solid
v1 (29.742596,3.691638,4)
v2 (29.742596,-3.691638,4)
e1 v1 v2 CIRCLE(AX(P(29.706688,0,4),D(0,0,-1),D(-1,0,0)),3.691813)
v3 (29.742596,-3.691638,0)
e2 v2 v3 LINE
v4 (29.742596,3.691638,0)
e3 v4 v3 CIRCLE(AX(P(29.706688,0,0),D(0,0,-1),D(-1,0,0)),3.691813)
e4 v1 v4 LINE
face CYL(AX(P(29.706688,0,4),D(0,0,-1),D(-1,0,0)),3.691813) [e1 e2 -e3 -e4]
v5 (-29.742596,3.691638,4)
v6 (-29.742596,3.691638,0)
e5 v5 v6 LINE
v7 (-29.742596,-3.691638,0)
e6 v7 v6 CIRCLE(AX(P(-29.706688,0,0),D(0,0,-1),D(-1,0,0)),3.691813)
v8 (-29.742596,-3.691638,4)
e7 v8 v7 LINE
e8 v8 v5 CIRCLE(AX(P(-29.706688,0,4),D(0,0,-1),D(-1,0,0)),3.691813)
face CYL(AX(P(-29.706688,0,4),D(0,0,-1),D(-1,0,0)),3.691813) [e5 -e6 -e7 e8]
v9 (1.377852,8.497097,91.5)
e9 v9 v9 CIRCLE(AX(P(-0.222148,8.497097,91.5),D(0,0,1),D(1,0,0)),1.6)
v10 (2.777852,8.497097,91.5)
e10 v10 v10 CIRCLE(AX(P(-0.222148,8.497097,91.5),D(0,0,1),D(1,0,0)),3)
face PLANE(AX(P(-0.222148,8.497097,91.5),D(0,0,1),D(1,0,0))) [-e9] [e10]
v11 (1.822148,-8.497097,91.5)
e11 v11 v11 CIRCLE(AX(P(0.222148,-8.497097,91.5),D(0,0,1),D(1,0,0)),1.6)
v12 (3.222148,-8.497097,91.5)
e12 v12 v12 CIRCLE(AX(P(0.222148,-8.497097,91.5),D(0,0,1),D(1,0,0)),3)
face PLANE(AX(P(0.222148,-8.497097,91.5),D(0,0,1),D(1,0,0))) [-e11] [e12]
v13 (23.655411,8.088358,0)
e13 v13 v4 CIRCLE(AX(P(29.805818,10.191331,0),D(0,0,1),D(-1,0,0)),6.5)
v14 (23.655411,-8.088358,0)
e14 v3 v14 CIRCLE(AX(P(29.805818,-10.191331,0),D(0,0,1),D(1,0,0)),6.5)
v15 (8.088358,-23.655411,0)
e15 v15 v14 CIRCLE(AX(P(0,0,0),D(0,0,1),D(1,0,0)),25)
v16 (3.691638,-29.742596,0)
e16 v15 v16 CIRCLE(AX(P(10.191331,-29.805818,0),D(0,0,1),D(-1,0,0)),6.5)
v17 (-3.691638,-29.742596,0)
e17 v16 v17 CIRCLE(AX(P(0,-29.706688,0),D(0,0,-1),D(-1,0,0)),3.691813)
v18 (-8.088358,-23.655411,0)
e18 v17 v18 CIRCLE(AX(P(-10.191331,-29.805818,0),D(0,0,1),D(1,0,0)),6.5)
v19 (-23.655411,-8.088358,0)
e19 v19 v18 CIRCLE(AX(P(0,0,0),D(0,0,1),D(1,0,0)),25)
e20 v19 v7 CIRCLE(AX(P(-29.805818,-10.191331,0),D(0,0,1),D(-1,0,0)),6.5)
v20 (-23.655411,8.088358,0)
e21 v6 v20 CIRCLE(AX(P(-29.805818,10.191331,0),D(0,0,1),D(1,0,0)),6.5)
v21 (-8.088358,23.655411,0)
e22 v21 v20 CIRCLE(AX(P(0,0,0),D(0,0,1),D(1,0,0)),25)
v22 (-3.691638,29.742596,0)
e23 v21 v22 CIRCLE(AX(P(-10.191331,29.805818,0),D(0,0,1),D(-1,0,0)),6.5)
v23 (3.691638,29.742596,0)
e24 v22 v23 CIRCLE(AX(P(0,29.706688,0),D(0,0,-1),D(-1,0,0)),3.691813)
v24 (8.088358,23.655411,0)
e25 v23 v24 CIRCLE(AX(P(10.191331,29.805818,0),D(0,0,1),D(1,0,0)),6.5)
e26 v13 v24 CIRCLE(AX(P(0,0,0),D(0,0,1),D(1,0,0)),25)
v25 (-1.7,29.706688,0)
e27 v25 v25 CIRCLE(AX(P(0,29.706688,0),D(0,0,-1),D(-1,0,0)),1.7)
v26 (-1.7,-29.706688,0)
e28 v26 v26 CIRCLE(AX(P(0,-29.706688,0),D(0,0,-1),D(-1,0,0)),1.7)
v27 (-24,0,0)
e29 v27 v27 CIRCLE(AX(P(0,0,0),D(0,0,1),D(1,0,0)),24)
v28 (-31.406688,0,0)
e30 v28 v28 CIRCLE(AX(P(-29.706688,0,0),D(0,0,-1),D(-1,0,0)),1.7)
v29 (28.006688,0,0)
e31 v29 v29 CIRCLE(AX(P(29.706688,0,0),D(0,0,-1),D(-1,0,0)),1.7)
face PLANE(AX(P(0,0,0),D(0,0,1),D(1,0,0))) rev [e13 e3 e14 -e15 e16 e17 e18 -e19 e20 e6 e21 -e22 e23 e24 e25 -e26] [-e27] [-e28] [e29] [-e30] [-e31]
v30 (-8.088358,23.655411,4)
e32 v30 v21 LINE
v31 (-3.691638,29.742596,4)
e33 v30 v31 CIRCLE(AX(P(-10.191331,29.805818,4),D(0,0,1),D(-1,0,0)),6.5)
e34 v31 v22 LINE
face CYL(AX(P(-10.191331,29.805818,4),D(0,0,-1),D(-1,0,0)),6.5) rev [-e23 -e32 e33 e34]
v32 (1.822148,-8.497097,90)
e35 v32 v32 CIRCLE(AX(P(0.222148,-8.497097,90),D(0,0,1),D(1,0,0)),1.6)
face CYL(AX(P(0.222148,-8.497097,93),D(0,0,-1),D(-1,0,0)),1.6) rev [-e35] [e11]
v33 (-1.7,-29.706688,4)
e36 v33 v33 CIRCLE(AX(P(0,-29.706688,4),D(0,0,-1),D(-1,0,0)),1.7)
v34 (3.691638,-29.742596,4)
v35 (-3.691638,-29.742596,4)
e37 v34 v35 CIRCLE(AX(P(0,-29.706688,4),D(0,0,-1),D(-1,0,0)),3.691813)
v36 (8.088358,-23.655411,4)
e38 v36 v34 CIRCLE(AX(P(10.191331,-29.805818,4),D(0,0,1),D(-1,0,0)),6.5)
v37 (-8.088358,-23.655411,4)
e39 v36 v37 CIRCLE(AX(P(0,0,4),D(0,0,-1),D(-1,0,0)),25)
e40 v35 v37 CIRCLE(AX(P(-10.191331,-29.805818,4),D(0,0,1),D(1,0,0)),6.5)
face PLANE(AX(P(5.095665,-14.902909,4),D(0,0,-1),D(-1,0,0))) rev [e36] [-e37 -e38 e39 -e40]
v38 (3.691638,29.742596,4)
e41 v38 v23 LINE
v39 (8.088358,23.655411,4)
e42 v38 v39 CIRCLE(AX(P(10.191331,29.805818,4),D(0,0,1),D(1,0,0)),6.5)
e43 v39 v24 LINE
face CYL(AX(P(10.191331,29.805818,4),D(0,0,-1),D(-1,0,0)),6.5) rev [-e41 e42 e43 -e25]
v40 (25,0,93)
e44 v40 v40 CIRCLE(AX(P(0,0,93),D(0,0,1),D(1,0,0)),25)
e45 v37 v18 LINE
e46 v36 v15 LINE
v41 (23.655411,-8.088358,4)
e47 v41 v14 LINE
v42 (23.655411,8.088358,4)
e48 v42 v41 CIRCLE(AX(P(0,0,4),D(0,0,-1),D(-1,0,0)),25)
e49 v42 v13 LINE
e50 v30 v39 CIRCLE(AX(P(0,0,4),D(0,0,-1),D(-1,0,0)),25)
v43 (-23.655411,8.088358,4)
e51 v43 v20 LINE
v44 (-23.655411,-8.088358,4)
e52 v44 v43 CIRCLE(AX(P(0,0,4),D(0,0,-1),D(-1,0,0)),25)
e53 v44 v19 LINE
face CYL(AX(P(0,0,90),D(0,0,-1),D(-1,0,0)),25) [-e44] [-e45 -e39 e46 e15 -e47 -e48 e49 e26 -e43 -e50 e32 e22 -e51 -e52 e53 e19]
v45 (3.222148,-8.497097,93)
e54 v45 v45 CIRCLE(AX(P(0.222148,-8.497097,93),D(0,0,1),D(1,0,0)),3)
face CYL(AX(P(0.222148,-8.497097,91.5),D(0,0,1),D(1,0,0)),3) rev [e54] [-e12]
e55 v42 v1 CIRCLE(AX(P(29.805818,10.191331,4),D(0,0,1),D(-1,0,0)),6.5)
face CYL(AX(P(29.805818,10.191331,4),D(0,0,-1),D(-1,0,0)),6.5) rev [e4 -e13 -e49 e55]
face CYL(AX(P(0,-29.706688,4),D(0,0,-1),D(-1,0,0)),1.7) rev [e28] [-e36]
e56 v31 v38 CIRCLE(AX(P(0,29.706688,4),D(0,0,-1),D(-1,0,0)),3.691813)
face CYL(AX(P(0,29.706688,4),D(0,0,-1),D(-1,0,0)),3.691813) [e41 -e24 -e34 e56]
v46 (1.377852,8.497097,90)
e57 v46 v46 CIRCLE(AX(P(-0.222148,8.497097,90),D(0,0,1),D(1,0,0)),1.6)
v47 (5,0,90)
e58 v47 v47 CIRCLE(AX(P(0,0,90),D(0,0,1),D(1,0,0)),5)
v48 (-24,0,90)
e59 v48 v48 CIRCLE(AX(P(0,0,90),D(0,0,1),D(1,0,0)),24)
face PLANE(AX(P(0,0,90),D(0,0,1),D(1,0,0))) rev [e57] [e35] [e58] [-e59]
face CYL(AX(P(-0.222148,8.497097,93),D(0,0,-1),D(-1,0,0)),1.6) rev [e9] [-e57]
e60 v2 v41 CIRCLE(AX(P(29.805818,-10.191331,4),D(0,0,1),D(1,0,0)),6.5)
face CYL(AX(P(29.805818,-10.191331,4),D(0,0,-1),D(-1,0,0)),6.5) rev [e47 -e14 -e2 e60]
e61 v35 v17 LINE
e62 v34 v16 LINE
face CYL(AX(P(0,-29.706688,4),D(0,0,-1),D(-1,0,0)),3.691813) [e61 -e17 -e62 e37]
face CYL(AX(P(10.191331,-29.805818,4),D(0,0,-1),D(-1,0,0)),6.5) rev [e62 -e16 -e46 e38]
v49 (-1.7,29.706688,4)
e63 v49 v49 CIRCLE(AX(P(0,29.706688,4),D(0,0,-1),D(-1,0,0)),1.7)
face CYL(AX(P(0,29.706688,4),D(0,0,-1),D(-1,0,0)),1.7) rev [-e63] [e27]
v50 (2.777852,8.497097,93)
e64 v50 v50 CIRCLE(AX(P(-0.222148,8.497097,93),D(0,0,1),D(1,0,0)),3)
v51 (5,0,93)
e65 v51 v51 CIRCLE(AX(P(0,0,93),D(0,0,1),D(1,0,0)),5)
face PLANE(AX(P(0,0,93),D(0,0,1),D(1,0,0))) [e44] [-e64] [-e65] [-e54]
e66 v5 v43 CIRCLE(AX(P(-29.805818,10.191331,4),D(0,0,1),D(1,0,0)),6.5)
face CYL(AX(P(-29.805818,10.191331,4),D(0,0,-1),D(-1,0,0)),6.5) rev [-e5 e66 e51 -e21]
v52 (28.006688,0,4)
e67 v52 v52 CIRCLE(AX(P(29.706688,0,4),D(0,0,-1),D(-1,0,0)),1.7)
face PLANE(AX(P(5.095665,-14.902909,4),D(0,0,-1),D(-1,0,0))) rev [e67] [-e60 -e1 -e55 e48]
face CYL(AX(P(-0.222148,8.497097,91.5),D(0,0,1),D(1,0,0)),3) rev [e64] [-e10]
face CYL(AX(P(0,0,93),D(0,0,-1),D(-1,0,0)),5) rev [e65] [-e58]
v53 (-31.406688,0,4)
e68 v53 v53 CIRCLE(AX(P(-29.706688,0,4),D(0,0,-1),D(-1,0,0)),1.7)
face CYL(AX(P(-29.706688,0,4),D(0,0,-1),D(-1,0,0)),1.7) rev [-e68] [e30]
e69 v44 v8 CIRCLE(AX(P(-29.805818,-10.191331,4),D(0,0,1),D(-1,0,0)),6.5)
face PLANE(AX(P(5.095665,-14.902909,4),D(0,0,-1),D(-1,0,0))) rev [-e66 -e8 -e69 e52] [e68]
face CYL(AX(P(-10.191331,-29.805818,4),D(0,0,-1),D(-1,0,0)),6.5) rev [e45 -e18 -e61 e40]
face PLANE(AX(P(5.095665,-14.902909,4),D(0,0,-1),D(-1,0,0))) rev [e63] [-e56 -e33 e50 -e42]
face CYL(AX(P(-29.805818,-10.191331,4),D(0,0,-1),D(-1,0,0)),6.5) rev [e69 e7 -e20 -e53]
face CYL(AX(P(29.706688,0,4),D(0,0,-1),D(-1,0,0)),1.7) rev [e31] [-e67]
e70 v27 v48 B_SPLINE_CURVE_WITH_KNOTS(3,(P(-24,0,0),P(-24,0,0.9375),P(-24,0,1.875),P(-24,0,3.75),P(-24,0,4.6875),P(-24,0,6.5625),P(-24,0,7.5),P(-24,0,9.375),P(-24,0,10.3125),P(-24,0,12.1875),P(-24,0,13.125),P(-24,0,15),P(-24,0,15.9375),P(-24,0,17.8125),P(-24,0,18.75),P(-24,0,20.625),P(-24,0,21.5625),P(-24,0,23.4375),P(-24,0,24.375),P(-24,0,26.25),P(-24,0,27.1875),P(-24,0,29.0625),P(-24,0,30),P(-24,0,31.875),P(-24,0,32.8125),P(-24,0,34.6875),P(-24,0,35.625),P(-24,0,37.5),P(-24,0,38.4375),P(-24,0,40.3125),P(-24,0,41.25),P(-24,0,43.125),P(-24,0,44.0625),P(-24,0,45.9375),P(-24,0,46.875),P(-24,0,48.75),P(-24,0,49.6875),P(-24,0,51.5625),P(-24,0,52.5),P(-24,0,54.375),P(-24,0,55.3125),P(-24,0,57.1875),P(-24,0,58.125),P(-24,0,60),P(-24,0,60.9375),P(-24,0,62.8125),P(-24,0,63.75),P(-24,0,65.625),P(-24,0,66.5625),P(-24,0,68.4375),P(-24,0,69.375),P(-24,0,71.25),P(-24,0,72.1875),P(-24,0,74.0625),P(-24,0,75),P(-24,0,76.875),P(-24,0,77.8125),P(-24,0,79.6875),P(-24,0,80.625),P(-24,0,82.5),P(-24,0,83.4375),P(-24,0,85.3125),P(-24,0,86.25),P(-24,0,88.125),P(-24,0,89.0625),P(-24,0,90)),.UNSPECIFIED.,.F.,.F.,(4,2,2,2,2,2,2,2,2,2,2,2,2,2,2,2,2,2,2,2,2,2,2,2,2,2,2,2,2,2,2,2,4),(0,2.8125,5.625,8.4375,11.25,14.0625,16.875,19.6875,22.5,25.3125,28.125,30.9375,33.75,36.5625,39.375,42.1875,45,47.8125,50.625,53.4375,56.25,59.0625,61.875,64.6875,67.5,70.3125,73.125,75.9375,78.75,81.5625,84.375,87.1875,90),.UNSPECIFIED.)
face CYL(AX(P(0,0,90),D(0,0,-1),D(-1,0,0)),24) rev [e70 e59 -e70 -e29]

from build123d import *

# Parameters (mm, degrees)
SKETCH1_R           = 25
SKETCH1_R_2         = 24
BOSS_EXTRUDE1_DEPTH = 90
SKETCH2_R           = 25
SKETCH2_R_2         = 5
SKETCH2_R_3         = 1.6
BOSS_EXTRUDE2_DEPTH = 3
SKETCH3_R           = 3
CUT_EXTRUDE1_DEPTH  = 1.5
SKETCH4_R           = 1.7
SKETCH4_R_2         = 24
BOSS_EXTRUDE3_DEPTH = 4


with BuildPart() as part:
    # Sketch1 → Boss-Extrude1 (new body)
    with BuildSketch(Plane(origin=(0, 0, 0), x_dir=(0, 1, 0), z_dir=(0, 0, 1))):
        with Locations(Location((0, 0, 0), (0, 0, 90))):
            Circle(SKETCH1_R)
        with Locations(Location((0, 0, 0), (0, 0, 90))):
            Circle(SKETCH1_R_2, mode=Mode.SUBTRACT)
    extrude(amount=BOSS_EXTRUDE1_DEPTH)

    # Sketch2 → Boss-Extrude2 (add)
    with BuildSketch(Plane(origin=(90, 0, 90), x_dir=(0, 1, 0), z_dir=(0, 0, 1))):
        with Locations(Location((0, 90, 0), (0, 0, 90))):
            Circle(SKETCH2_R)
        with Locations(Location((0, 90, 0), (0, 0, 270))):
            Circle(SKETCH2_R_2, mode=Mode.SUBTRACT)
        with Locations(Location((-8.497096587, 89.777852327, 0), (0, 0, 270))):
            Circle(SKETCH2_R_3, mode=Mode.SUBTRACT)
        with Locations(Location((8.497096587, 90.222147673, 0), (0, 0, 270))):
            Circle(SKETCH2_R_3, mode=Mode.SUBTRACT)
    extrude(amount=BOSS_EXTRUDE2_DEPTH)

    # Sketch3 → Cut-Extrude1 (cut)
    with BuildSketch(Plane.XY.offset(93)):
        with Locations((-0.222147673, 8.497096587)):
            Circle(SKETCH3_R)
        with Locations((0.222147673, -8.497096587)):
            Circle(SKETCH3_R)
    extrude(amount=-CUT_EXTRUDE1_DEPTH, mode=Mode.SUBTRACT)

    # Sketch4 → Boss-Extrude3 (add)
    with BuildSketch(Plane(origin=(0, 0, 0), x_dir=(1, 0, 0), z_dir=(0, 0, -1))):
        with BuildLine():
            ThreePointArc((-8.088357722, 23.655410995), (-17.67766953, 17.67766953), (-23.655410995, 8.088357722))
            ThreePointArc((-23.655410995, 8.088357722), (-25.999890745, 4.92208801), (-29.742595978, 3.6916382))
            ThreePointArc((-29.742595978, 3.6916382), (-33.398500606, 0), (-29.742595978, -3.6916382))
            ThreePointArc((-29.742595978, -3.6916382), (-25.999890745, -4.92208801), (-23.655410995, -8.088357722))
            ThreePointArc((-23.655410995, -8.088357722), (-17.67766953, -17.67766953), (-8.088357722, -23.655410995))
            ThreePointArc((-8.088357722, -23.655410995), (-4.92208801, -25.999890745), (-3.6916382, -29.742595978))
            ThreePointArc((-3.6916382, -29.742595978), (0, -33.398500606), (3.6916382, -29.742595978))
            ThreePointArc((3.6916382, -29.742595978), (4.92208801, -25.999890745), (8.088357722, -23.655410995))
            ThreePointArc((8.088357722, -23.655410995), (17.67766953, -17.67766953), (23.655410995, -8.088357722))
            ThreePointArc((23.655410995, -8.088357722), (25.999890745, -4.92208801), (29.742595978, -3.6916382))
            ThreePointArc((29.742595978, -3.6916382), (33.398500606, 0), (29.742595978, 3.6916382))
            ThreePointArc((29.742595978, 3.6916382), (25.999890745, 4.92208801), (23.655410995, 8.088357722))
            ThreePointArc((23.655410995, 8.088357722), (17.67766953, 17.67766953), (8.088357722, 23.655410995))
            ThreePointArc((8.088357722, 23.655410995), (4.92208801, 25.999890745), (3.6916382, 29.742595978))
            ThreePointArc((3.6916382, 29.742595978), (0, 33.398500606), (-3.6916382, 29.742595978))
            ThreePointArc((-3.6916382, 29.742595978), (-4.92208801, 25.999890745), (-8.088357722, 23.655410995))
        make_face()
        with Locations(Location((0, 29.706687772, 0), (0, 0, 180))):
            Circle(SKETCH4_R, mode=Mode.SUBTRACT)
        with Locations(Location((29.706687772, 0, 0), (0, 0, 180))):
            Circle(SKETCH4_R, mode=Mode.SUBTRACT)
        with Locations(Location((0, -29.706687772, 0), (0, 0, 180))):
            Circle(SKETCH4_R, mode=Mode.SUBTRACT)
        with Locations(Location((-29.706687772, 0, 0), (0, 0, 180))):
            Circle(SKETCH4_R, mode=Mode.SUBTRACT)
        with Locations(Location((0, 0, 0), (0, 0, 180))):
            Circle(SKETCH4_R_2, mode=Mode.SUBTRACT)
    extrude(amount=-BOSS_EXTRUDE3_DEPTH)


solid = part.part
